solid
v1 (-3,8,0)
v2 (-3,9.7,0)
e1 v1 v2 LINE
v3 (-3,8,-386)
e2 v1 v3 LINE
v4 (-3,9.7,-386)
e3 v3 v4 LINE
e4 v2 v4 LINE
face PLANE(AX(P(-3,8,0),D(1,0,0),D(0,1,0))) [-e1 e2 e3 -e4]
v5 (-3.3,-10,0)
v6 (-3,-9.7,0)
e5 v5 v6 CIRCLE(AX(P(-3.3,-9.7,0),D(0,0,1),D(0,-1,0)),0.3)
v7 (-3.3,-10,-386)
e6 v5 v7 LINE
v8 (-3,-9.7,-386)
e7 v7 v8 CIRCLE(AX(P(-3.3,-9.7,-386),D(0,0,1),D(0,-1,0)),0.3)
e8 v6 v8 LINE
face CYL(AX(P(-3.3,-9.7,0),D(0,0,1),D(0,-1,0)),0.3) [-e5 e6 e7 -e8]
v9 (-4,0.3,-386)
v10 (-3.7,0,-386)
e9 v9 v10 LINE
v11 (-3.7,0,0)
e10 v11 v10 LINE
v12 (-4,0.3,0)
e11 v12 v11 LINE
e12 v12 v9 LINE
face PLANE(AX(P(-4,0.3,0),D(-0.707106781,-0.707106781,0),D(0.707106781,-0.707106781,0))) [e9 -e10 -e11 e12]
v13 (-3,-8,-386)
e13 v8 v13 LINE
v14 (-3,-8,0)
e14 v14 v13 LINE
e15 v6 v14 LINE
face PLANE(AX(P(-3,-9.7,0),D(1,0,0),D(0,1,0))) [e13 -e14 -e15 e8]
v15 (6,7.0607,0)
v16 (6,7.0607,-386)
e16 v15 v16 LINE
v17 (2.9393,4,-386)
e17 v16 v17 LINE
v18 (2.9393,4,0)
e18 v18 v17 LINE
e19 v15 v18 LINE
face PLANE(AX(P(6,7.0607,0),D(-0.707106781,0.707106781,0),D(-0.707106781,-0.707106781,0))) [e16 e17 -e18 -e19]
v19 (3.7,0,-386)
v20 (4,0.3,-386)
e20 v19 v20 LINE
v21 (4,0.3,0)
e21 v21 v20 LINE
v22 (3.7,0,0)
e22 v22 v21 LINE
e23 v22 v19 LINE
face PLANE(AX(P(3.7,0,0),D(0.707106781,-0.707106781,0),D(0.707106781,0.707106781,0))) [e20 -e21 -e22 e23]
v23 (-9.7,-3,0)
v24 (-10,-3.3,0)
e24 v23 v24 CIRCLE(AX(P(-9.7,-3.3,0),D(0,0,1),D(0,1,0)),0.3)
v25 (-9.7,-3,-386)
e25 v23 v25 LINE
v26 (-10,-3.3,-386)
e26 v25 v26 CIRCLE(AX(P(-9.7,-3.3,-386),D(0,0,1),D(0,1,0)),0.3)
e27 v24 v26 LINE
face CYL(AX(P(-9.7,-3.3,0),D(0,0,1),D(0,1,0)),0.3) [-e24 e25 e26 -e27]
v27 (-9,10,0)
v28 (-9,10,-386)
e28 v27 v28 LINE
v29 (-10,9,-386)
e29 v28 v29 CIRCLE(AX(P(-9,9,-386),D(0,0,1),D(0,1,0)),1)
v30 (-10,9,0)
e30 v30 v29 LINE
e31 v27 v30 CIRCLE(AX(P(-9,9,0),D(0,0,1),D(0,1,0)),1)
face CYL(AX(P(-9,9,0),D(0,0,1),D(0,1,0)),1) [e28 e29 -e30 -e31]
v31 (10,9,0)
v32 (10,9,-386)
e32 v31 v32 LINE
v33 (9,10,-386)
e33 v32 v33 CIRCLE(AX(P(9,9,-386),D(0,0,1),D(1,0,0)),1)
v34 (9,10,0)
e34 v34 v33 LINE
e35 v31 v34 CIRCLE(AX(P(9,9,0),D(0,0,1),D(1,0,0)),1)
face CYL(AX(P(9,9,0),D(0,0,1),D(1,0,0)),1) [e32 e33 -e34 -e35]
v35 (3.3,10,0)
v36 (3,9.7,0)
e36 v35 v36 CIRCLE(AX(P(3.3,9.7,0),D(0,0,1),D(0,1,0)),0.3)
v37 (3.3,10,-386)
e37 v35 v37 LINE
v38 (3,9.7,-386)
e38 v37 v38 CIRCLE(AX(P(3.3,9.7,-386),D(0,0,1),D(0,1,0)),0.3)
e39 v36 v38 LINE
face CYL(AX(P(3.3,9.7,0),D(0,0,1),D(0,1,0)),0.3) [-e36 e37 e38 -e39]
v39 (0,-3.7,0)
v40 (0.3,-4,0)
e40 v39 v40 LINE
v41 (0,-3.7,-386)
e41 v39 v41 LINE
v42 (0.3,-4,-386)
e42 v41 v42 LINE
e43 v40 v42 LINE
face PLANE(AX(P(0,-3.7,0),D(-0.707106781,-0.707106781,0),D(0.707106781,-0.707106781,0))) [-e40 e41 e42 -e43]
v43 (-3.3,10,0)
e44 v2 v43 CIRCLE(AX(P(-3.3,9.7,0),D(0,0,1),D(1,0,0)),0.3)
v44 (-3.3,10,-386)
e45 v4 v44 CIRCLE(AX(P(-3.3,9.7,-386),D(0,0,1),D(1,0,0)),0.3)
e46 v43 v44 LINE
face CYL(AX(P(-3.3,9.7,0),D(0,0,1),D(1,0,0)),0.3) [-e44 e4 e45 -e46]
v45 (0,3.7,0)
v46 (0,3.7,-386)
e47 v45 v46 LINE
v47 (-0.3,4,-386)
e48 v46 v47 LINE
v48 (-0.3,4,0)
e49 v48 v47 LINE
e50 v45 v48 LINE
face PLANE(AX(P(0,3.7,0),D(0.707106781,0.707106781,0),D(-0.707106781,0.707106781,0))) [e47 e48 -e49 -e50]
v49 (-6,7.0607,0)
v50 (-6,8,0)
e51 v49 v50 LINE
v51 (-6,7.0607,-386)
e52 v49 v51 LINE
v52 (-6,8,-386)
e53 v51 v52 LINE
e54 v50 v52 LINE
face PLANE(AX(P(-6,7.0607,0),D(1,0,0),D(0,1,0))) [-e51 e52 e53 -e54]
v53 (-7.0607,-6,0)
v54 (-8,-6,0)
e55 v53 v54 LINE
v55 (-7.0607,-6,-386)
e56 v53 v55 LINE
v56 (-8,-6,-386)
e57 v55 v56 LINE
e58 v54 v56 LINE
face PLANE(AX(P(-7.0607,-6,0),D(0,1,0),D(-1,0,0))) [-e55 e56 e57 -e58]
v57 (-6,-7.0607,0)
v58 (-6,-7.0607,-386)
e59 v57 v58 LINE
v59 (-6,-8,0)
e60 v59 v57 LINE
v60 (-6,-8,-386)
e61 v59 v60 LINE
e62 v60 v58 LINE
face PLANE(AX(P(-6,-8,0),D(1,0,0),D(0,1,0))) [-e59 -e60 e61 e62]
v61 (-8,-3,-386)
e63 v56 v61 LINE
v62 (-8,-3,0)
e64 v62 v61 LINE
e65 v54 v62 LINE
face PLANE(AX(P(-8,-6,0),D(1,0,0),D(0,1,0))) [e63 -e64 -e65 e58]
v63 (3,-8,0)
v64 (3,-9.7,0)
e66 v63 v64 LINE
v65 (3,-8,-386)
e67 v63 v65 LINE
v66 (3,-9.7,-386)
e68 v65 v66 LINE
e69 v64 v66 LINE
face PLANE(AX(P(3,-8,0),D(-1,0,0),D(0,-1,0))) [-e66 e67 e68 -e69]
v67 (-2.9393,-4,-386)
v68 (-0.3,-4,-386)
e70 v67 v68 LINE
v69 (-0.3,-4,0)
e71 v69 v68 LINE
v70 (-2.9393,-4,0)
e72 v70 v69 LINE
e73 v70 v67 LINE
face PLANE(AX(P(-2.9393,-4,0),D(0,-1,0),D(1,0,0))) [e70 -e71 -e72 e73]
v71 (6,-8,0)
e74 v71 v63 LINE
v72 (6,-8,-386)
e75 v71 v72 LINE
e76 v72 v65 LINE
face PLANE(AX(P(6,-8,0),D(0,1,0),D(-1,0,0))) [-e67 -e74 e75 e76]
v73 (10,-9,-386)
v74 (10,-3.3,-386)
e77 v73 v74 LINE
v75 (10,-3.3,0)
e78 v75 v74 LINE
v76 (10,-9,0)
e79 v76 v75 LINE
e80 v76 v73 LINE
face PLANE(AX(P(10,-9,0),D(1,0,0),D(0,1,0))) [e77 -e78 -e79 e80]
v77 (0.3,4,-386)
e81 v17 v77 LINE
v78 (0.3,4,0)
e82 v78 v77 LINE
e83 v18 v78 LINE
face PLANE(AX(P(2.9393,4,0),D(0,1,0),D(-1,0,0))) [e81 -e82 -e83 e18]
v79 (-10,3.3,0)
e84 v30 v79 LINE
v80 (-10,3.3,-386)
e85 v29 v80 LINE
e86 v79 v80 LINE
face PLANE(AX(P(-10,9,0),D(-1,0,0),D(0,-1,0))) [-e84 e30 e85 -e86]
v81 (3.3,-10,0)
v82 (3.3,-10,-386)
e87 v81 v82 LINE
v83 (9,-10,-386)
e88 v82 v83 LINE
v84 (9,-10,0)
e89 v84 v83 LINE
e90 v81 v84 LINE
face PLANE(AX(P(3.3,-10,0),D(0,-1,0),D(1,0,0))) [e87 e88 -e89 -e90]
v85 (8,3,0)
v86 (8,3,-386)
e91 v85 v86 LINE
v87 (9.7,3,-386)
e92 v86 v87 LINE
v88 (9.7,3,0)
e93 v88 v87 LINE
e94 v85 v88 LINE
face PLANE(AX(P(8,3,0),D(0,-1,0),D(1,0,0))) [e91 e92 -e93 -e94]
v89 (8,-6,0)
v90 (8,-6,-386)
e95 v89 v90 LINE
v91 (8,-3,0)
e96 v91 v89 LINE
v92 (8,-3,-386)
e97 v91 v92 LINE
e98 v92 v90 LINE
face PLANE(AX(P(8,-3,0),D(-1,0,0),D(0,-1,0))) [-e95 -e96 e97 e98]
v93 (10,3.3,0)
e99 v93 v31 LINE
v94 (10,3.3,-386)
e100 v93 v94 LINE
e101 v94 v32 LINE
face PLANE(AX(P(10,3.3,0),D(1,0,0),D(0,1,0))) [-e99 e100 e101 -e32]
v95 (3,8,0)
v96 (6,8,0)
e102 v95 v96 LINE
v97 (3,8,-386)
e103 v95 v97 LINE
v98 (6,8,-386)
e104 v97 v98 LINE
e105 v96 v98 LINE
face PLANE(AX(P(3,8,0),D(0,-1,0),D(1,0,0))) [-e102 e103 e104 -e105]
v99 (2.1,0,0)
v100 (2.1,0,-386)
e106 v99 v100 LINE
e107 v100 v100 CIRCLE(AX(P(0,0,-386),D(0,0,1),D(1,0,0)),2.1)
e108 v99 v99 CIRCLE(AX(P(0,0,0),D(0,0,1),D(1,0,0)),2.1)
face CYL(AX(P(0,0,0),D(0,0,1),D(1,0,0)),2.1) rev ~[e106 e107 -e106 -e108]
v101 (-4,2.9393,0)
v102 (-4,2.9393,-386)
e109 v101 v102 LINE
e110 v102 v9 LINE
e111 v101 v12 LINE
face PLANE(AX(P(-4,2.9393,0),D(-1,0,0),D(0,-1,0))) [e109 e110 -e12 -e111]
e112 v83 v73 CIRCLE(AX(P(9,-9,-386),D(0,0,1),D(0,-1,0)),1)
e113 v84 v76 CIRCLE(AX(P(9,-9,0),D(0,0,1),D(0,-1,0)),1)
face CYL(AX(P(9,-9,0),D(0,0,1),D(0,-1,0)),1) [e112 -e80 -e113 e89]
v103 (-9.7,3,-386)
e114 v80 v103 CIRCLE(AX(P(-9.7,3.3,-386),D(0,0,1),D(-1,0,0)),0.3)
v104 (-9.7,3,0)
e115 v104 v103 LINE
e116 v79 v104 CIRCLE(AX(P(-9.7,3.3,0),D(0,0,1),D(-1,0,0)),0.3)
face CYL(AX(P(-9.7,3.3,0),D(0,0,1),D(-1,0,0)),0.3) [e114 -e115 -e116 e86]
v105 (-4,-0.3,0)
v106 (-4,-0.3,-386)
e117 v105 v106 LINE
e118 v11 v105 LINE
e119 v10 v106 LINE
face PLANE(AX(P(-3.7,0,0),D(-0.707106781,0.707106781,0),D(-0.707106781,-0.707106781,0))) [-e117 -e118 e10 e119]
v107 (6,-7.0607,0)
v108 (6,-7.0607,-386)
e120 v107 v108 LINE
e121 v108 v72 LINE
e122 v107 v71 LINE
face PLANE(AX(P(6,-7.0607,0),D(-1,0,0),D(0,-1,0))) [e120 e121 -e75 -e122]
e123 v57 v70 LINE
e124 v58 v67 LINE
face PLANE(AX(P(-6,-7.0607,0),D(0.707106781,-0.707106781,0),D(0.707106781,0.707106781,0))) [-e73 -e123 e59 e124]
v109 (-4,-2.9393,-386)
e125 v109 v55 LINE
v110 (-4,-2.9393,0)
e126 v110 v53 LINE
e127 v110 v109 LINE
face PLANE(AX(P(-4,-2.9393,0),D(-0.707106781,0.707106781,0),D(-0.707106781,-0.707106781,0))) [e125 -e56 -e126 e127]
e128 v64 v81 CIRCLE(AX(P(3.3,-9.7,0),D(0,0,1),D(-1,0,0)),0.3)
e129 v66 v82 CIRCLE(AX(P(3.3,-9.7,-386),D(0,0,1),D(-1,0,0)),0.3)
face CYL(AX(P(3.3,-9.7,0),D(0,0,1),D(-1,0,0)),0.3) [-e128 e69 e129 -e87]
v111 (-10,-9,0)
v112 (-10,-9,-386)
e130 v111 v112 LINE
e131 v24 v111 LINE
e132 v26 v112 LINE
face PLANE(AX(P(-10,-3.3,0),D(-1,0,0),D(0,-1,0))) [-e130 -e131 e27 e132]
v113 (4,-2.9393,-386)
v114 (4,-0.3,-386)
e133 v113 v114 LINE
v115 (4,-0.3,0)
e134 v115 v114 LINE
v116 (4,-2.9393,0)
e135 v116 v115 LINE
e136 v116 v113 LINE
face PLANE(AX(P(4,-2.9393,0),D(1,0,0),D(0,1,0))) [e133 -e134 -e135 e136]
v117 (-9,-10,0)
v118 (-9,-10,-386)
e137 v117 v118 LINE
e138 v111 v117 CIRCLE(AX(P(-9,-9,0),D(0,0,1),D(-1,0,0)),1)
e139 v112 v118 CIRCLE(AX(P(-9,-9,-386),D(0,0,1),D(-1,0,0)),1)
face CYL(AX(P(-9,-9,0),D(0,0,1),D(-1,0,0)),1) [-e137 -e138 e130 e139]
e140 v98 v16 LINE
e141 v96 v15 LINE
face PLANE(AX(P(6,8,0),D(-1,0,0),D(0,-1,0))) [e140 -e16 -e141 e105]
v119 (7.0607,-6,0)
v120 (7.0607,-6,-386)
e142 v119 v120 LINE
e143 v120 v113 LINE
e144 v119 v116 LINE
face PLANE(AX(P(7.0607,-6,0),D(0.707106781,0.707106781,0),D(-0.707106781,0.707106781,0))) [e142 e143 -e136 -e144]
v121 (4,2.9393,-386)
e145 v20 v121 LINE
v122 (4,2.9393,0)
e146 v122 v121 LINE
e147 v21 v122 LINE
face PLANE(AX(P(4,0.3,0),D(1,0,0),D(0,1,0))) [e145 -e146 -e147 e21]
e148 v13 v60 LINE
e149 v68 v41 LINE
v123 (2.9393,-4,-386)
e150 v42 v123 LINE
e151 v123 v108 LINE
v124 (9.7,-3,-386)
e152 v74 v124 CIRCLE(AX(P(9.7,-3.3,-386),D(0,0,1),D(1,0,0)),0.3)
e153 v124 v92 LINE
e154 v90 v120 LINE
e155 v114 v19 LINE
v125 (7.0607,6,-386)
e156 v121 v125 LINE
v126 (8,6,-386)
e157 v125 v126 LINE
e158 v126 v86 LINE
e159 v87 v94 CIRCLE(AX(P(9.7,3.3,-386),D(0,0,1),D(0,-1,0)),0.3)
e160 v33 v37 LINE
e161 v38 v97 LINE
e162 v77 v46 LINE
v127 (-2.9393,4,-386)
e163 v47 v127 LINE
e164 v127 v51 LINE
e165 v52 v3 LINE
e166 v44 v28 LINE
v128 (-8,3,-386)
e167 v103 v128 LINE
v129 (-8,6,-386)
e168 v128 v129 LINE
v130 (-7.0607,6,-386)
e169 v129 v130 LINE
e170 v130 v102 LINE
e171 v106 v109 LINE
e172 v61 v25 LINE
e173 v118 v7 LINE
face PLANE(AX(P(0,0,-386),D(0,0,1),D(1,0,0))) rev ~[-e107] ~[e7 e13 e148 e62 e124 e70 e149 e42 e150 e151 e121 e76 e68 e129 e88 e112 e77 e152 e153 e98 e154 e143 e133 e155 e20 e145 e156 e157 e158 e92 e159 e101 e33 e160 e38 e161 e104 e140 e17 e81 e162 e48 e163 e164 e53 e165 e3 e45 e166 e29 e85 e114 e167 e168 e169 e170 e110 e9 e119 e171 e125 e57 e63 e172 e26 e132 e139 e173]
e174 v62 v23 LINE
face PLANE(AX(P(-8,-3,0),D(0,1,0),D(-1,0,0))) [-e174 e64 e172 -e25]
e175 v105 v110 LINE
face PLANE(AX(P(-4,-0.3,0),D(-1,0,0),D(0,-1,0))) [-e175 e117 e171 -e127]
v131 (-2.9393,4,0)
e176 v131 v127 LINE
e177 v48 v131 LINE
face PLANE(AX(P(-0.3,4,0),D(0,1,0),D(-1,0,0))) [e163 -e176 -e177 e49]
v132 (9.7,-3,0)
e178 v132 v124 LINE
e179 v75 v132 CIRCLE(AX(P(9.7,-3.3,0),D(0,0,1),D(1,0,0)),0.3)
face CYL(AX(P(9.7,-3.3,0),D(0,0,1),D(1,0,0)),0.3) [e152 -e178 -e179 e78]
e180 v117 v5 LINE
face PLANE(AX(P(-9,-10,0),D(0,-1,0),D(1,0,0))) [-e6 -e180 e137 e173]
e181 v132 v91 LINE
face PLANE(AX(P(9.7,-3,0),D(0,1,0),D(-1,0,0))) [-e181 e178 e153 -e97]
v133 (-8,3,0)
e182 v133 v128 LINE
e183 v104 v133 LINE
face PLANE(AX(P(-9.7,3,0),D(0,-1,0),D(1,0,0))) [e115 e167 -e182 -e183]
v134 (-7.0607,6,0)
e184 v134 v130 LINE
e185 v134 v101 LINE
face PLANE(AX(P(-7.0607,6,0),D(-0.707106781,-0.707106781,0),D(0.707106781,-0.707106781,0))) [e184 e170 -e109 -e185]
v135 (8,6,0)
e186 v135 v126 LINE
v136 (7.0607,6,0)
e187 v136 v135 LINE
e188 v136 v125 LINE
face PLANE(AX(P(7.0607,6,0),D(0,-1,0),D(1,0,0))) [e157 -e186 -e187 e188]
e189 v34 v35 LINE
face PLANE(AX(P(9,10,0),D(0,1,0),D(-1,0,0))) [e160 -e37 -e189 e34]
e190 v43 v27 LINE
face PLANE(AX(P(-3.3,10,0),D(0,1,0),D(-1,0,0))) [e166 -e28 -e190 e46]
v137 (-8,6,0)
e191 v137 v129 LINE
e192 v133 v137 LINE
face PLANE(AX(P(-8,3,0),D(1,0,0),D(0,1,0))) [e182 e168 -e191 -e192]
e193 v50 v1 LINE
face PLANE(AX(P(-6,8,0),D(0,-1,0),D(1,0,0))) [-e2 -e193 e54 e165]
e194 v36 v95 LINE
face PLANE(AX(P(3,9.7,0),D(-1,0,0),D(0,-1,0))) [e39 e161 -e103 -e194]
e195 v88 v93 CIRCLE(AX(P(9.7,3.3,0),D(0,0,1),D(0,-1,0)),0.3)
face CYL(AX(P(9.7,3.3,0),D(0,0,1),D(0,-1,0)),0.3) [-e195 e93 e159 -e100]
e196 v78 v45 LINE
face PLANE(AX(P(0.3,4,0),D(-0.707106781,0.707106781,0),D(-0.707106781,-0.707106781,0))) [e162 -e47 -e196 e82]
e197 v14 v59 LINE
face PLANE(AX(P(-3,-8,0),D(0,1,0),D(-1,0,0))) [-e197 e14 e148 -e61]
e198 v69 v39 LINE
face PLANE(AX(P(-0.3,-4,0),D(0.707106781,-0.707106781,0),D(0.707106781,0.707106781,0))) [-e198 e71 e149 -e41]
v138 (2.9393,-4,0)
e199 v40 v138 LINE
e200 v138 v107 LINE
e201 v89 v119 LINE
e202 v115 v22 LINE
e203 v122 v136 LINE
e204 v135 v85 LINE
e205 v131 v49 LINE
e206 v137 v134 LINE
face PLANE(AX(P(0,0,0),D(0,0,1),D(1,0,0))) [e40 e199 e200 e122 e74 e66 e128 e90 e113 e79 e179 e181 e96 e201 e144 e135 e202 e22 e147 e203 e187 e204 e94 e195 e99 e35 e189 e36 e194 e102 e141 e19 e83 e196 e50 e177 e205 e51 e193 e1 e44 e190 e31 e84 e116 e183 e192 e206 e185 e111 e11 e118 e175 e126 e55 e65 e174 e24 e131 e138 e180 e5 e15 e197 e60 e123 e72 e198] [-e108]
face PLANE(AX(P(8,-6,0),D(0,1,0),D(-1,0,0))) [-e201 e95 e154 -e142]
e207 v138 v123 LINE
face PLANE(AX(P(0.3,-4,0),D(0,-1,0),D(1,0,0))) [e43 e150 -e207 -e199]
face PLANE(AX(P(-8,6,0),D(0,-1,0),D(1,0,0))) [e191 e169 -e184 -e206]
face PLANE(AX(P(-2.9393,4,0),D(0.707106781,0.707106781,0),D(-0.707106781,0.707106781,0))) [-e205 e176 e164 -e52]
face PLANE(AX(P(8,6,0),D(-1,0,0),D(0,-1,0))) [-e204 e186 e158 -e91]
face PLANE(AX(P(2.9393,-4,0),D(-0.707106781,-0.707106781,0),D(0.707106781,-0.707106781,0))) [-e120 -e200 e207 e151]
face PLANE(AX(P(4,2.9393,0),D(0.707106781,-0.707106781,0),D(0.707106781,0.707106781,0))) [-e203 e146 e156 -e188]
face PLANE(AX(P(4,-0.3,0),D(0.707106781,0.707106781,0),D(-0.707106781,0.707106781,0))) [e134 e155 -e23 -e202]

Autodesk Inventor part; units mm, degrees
ref_plane "YZ Plane" through (0, 0, 0) normal (1, 0, 0) x (0, 1, 0)
ref_plane "XZ Plane" through (0, 0, 0) normal (0, 1, 0) x (-1, 0, 0)
ref_plane "XY Plane" through (0, 0, 0) normal (0, 0, 1) x (1, 0, 0)
sketch "Sketch_5" plane through (0, 0, 0) normal (0, 0, 1) x (1, 0, 0)
  line L0 (-10, 9) -> (-10, 3.3)
  arc A0 (-10, 3.3) -> (-9.7, 3) centre (-9.7, 3.3) ccw
  line L1 (-9.7, 3) -> (-8, 3)
  line L2 (-8, 3) -> (-8, 6)
  line L3 (-8, 6) -> (-7.0607, 6)
  line L4 (-7.0607, 6) -> (-4, 2.9393)
  line L5 (-4, 2.9393) -> (-4, 0.3)
  line L6 (-4, 0.3) -> (-3.7, 0)
  line L7 (-3.7, 0) -> (-4, -0.3)
  line L8 (-4, -0.3) -> (-4, -2.9393)
  line L9 (-4, -2.9393) -> (-7.0607, -6)
  line L10 (-7.0607, -6) -> (-8, -6)
  line L11 (-8, -6) -> (-8, -3)
  line L12 (-8, -3) -> (-9.7, -3)
  arc A1 (-9.7, -3) -> (-10, -3.3) centre (-9.7, -3.3) ccw
  line L13 (-10, -3.3) -> (-10, -9)
  arc A2 (-10, -9) -> (-9, -10) centre (-9, -9) ccw
  line L14 (-9, -10) -> (-3.3, -10)
  arc A3 (-3.3, -10) -> (-3, -9.7) centre (-3.3, -9.7) ccw
  line L15 (-3, -9.7) -> (-3, -8)
  line L16 (-3, -8) -> (-6, -8)
  line L17 (-6, -8) -> (-6, -7.0607)
  line L18 (-6, -7.0607) -> (-2.9393, -4)
  line L19 (-2.9393, -4) -> (-0.3, -4)
  line L20 (-0.3, -4) -> (0, -3.7)
  line L21 (0, -3.7) -> (0.3, -4)
  line L22 (0.3, -4) -> (2.9393, -4)
  line L23 (2.9393, -4) -> (6, -7.0607)
  line L24 (6, -7.0607) -> (6, -8)
  line L25 (6, -8) -> (3, -8)
  line L26 (3, -8) -> (3, -9.7)
  arc A4 (3, -9.7) -> (3.3, -10) centre (3.3, -9.7) ccw
  line L27 (3.3, -10) -> (9, -10)
  arc A5 (9, -10) -> (10, -9) centre (9, -9) ccw
  line L28 (10, -9) -> (10, -3.3)
  arc A6 (10, -3.3) -> (9.7, -3) centre (9.7, -3.3) ccw
  line L29 (9.7, -3) -> (8, -3)
  line L30 (8, -3) -> (8, -6)
  line L31 (8, -6) -> (7.0607, -6)
  line L32 (7.0607, -6) -> (4, -2.9393)
  line L33 (4, -2.9393) -> (4, -0.3)
  line L34 (4, -0.3) -> (3.7, 0)
  line L35 (3.7, 0) -> (4, 0.3)
  line L36 (4, 0.3) -> (4, 2.9393)
  line L37 (4, 2.9393) -> (7.0607, 6)
  line L38 (7.0607, 6) -> (8, 6)
  line L39 (8, 6) -> (8, 3)
  line L40 (8, 3) -> (9.7, 3)
  arc A7 (9.7, 3) -> (10, 3.3) centre (9.7, 3.3) ccw
  line L41 (10, 3.3) -> (10, 9)
  arc A8 (10, 9) -> (9, 10) centre (9, 9) ccw
  line L42 (9, 10) -> (3.3, 10)
  arc A9 (3.3, 10) -> (3, 9.7) centre (3.3, 9.7) ccw
  line L43 (3, 9.7) -> (3, 8)
  line L44 (3, 8) -> (6, 8)
  line L45 (6, 8) -> (6, 7.0607)
  line L46 (6, 7.0607) -> (2.9393, 4)
  line L47 (2.9393, 4) -> (0.3, 4)
  line L48 (0.3, 4) -> (0, 3.7)
  line L49 (0, 3.7) -> (-0.3, 4)
  line L50 (-0.3, 4) -> (-2.9393, 4)
  line L51 (-2.9393, 4) -> (-6, 7.0607)
  line L52 (-6, 7.0607) -> (-6, 8)
  line L53 (-6, 8) -> (-3, 8)
  line L54 (-3, 8) -> (-3, 9.7)
  arc A10 (-3, 9.7) -> (-3.3, 10) centre (-3.3, 9.7) ccw
  line L55 (-3.3, 10) -> (-9, 10)
  arc A11 (-9, 10) -> (-10, 9) centre (-9, 9) ccw
  circle A12 centre (0, 0) radius 2.1
extrude "Extrusion1" add sketch "Sketch_5" against normal blind 386
properties part number "KHFS5-2020-4000" material "Aluminum 6061"
